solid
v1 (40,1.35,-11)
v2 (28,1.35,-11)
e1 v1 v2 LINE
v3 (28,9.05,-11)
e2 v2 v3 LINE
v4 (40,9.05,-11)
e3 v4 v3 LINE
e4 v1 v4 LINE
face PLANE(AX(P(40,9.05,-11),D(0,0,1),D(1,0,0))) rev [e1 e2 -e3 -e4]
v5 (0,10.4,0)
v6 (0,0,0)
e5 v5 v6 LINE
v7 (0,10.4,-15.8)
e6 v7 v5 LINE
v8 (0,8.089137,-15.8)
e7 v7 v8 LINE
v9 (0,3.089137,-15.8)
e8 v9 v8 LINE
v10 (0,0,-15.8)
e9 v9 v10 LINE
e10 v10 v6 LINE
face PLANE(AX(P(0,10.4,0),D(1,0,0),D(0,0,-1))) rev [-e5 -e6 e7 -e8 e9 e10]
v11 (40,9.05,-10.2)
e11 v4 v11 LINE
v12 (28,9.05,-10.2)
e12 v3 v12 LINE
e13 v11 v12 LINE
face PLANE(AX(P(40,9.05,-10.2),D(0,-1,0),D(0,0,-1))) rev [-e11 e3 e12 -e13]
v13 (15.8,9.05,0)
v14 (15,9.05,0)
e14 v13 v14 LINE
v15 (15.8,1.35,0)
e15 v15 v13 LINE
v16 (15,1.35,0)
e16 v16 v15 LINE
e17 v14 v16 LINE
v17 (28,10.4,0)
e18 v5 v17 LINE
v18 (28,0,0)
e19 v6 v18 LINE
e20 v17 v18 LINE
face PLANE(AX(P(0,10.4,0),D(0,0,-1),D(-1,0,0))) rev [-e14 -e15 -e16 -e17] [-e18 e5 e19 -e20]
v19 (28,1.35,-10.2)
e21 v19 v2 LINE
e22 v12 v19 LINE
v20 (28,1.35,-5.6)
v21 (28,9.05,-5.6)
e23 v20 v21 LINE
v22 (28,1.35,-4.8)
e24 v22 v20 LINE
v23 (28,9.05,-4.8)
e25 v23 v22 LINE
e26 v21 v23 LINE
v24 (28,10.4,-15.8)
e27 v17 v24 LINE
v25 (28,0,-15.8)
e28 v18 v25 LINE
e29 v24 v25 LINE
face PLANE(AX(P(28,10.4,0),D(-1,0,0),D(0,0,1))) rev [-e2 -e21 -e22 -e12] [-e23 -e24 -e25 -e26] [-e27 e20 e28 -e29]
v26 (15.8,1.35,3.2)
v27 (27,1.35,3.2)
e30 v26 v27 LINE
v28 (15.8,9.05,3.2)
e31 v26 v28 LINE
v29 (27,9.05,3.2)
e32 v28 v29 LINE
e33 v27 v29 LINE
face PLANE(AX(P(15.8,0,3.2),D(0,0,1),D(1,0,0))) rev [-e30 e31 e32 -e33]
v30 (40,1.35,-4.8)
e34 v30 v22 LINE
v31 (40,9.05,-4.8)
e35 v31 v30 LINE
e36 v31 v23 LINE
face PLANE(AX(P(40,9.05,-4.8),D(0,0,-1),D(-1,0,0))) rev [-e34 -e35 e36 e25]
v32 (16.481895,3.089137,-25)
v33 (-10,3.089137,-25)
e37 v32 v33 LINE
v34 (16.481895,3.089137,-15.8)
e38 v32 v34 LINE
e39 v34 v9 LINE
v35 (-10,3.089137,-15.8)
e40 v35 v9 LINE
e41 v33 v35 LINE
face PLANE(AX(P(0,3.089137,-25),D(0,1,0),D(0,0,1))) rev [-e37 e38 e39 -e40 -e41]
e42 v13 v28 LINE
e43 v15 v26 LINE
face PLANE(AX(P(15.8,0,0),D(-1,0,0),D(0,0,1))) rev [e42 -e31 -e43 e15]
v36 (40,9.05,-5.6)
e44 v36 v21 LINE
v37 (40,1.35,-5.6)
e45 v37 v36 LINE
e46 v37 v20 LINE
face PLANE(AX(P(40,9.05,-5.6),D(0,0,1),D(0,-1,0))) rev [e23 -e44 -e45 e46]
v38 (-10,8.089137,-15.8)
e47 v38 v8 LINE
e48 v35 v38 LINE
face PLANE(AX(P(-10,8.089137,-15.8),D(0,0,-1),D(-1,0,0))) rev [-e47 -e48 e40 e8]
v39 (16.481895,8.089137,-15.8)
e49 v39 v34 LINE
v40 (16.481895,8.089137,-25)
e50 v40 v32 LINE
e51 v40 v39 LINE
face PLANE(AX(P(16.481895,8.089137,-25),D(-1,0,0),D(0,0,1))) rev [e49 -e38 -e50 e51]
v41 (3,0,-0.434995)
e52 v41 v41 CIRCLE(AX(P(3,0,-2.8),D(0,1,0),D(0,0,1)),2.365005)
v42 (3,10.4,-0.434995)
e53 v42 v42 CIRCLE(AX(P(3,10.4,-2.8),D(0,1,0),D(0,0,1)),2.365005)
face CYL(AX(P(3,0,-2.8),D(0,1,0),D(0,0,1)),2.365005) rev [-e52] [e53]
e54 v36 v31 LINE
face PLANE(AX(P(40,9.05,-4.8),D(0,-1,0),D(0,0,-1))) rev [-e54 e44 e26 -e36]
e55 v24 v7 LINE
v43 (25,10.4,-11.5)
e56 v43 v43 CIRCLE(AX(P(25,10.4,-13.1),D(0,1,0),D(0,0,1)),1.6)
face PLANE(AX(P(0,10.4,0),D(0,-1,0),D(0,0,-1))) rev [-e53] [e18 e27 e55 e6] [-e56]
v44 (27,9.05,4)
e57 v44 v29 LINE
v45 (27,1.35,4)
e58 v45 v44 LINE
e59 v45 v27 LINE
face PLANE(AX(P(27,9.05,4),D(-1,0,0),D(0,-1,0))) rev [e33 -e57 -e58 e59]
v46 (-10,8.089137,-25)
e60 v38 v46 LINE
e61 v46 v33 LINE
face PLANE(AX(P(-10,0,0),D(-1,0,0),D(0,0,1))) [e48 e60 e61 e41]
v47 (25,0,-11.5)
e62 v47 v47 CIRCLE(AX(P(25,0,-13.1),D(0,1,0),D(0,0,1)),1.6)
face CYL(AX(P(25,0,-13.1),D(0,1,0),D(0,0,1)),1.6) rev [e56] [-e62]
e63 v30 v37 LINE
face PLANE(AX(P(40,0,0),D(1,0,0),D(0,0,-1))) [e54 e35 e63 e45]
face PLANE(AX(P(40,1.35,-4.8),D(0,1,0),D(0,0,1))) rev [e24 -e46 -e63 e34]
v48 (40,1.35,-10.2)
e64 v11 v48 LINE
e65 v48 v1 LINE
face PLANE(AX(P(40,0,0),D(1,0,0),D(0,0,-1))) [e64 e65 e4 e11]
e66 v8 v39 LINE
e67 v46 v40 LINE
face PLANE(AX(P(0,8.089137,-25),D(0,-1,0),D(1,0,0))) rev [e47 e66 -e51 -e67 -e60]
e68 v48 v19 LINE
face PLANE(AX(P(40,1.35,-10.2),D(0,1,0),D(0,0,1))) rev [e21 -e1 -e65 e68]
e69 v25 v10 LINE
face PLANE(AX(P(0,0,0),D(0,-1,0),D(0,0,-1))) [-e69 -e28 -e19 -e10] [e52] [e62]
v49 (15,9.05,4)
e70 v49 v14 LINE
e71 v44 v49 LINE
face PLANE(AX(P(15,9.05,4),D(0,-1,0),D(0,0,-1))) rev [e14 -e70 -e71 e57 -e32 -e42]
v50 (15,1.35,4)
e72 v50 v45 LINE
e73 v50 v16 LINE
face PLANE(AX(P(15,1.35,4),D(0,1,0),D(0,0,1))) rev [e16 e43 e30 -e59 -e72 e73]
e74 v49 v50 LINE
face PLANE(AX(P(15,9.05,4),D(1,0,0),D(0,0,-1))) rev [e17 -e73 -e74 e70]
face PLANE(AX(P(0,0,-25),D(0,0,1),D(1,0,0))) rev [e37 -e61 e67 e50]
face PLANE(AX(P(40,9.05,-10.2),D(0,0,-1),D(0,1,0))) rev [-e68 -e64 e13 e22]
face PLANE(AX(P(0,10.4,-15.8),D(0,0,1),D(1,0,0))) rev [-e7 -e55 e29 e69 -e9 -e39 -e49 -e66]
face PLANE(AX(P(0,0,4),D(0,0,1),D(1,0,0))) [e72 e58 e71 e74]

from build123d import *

# Parameters (mm, degrees)
SKETCH1_W                = 28
SKETCH1_H                = 15.8
BASE_DEPTH               = 10.4
SKETCH2_W                = 0.8
SKETCH2_H                = 7.7
END_PRONGS_DEPTH         = 12
SKETCH3_W                = 12
SKETCH3_H                = 7.7
SIDE_PRONG_EXTRUDE_DEPTH = 4
SKETCH4_W                = 11.2
SKETCH4_H                = 3.2
SIDE_PRONG_CUT_DEPTH     = 44.949317401
SKETCH6_R                = 1.6
SKETCH6_R_2              = 2.365004953
HOLES_DEPTH              = 45.247033799
SKETCH5_W                = 16.481894615
SKETCH5_H                = 5
BOSS_EXTRUDE4_DEPTH      = 9.2
SKETCH7_W                = 9.2
SKETCH7_H                = 5
BOSS_EXTRUDE5_DEPTH      = 10


with BuildPart() as part:
    # Sketch1 → Base (new body)
    with BuildSketch(Plane(origin=(0, 0, 0), x_dir=(1, 0, 0), z_dir=(0, 1, 0))):
        with Locations((14, 7.9)):
            Rectangle(SKETCH1_W, SKETCH1_H)
    extrude(amount=BASE_DEPTH)

    # Sketch2 → End Prongs (add)
    with BuildSketch(Plane(origin=(28, 0, 0), x_dir=(0, 0, -1), z_dir=(1, 0, 0))):
        with Locations((5.2, 5.2)):
            Rectangle(SKETCH2_W, SKETCH2_H)
        with Locations((10.6, 5.2)):
            Rectangle(SKETCH2_W, SKETCH2_H)
    extrude(amount=END_PRONGS_DEPTH)

    # Sketch3 → Side Prong Extrude (add)
    with BuildSketch(Plane.XY):
        with Locations((21, 5.2)):
            Rectangle(SKETCH3_W, SKETCH3_H)
    extrude(amount=SIDE_PRONG_EXTRUDE_DEPTH)

    # Sketch4 → Side Prong Cut (cut, through all)
    with BuildSketch(Plane(origin=(0, 9.05, 0), x_dir=(1, 0, 0), z_dir=(0, 1, 0))):
        with Locations((21.4, -1.6)):
            Rectangle(SKETCH4_W, SKETCH4_H)
    extrude(amount=-SIDE_PRONG_CUT_DEPTH, mode=Mode.SUBTRACT)

    # Sketch6 → Holes (cut, through all)
    with BuildSketch(Plane(origin=(0, 10.4, 0), x_dir=(1, 0, 0), z_dir=(0, 1, 0))):
        with Locations(Location((25, 13.1, 0), (0, 0, 270))):
            Circle(SKETCH6_R)
        with Locations(Location((3, 2.8, 0), (0, 0, 270))):
            Circle(SKETCH6_R_2)
    extrude(amount=-HOLES_DEPTH, mode=Mode.SUBTRACT)

    # Sketch5 → Boss-Extrude4 (add)
    with BuildSketch(Plane(origin=(0, 0, -15.8), x_dir=(-1, 0, 0), z_dir=(0, 0, -1))):
        with Locations((-8.240947308, 5.589136769)):
            Rectangle(SKETCH5_W, SKETCH5_H)
    extrude(amount=BOSS_EXTRUDE4_DEPTH)

    # Sketch7 → Boss-Extrude5 (add)
    with BuildSketch(Plane.ZY):
        with Locations((-20.4, 5.589136769)):
            Rectangle(SKETCH7_W, SKETCH7_H)
    extrude(amount=BOSS_EXTRUDE5_DEPTH)


solid = part.part
